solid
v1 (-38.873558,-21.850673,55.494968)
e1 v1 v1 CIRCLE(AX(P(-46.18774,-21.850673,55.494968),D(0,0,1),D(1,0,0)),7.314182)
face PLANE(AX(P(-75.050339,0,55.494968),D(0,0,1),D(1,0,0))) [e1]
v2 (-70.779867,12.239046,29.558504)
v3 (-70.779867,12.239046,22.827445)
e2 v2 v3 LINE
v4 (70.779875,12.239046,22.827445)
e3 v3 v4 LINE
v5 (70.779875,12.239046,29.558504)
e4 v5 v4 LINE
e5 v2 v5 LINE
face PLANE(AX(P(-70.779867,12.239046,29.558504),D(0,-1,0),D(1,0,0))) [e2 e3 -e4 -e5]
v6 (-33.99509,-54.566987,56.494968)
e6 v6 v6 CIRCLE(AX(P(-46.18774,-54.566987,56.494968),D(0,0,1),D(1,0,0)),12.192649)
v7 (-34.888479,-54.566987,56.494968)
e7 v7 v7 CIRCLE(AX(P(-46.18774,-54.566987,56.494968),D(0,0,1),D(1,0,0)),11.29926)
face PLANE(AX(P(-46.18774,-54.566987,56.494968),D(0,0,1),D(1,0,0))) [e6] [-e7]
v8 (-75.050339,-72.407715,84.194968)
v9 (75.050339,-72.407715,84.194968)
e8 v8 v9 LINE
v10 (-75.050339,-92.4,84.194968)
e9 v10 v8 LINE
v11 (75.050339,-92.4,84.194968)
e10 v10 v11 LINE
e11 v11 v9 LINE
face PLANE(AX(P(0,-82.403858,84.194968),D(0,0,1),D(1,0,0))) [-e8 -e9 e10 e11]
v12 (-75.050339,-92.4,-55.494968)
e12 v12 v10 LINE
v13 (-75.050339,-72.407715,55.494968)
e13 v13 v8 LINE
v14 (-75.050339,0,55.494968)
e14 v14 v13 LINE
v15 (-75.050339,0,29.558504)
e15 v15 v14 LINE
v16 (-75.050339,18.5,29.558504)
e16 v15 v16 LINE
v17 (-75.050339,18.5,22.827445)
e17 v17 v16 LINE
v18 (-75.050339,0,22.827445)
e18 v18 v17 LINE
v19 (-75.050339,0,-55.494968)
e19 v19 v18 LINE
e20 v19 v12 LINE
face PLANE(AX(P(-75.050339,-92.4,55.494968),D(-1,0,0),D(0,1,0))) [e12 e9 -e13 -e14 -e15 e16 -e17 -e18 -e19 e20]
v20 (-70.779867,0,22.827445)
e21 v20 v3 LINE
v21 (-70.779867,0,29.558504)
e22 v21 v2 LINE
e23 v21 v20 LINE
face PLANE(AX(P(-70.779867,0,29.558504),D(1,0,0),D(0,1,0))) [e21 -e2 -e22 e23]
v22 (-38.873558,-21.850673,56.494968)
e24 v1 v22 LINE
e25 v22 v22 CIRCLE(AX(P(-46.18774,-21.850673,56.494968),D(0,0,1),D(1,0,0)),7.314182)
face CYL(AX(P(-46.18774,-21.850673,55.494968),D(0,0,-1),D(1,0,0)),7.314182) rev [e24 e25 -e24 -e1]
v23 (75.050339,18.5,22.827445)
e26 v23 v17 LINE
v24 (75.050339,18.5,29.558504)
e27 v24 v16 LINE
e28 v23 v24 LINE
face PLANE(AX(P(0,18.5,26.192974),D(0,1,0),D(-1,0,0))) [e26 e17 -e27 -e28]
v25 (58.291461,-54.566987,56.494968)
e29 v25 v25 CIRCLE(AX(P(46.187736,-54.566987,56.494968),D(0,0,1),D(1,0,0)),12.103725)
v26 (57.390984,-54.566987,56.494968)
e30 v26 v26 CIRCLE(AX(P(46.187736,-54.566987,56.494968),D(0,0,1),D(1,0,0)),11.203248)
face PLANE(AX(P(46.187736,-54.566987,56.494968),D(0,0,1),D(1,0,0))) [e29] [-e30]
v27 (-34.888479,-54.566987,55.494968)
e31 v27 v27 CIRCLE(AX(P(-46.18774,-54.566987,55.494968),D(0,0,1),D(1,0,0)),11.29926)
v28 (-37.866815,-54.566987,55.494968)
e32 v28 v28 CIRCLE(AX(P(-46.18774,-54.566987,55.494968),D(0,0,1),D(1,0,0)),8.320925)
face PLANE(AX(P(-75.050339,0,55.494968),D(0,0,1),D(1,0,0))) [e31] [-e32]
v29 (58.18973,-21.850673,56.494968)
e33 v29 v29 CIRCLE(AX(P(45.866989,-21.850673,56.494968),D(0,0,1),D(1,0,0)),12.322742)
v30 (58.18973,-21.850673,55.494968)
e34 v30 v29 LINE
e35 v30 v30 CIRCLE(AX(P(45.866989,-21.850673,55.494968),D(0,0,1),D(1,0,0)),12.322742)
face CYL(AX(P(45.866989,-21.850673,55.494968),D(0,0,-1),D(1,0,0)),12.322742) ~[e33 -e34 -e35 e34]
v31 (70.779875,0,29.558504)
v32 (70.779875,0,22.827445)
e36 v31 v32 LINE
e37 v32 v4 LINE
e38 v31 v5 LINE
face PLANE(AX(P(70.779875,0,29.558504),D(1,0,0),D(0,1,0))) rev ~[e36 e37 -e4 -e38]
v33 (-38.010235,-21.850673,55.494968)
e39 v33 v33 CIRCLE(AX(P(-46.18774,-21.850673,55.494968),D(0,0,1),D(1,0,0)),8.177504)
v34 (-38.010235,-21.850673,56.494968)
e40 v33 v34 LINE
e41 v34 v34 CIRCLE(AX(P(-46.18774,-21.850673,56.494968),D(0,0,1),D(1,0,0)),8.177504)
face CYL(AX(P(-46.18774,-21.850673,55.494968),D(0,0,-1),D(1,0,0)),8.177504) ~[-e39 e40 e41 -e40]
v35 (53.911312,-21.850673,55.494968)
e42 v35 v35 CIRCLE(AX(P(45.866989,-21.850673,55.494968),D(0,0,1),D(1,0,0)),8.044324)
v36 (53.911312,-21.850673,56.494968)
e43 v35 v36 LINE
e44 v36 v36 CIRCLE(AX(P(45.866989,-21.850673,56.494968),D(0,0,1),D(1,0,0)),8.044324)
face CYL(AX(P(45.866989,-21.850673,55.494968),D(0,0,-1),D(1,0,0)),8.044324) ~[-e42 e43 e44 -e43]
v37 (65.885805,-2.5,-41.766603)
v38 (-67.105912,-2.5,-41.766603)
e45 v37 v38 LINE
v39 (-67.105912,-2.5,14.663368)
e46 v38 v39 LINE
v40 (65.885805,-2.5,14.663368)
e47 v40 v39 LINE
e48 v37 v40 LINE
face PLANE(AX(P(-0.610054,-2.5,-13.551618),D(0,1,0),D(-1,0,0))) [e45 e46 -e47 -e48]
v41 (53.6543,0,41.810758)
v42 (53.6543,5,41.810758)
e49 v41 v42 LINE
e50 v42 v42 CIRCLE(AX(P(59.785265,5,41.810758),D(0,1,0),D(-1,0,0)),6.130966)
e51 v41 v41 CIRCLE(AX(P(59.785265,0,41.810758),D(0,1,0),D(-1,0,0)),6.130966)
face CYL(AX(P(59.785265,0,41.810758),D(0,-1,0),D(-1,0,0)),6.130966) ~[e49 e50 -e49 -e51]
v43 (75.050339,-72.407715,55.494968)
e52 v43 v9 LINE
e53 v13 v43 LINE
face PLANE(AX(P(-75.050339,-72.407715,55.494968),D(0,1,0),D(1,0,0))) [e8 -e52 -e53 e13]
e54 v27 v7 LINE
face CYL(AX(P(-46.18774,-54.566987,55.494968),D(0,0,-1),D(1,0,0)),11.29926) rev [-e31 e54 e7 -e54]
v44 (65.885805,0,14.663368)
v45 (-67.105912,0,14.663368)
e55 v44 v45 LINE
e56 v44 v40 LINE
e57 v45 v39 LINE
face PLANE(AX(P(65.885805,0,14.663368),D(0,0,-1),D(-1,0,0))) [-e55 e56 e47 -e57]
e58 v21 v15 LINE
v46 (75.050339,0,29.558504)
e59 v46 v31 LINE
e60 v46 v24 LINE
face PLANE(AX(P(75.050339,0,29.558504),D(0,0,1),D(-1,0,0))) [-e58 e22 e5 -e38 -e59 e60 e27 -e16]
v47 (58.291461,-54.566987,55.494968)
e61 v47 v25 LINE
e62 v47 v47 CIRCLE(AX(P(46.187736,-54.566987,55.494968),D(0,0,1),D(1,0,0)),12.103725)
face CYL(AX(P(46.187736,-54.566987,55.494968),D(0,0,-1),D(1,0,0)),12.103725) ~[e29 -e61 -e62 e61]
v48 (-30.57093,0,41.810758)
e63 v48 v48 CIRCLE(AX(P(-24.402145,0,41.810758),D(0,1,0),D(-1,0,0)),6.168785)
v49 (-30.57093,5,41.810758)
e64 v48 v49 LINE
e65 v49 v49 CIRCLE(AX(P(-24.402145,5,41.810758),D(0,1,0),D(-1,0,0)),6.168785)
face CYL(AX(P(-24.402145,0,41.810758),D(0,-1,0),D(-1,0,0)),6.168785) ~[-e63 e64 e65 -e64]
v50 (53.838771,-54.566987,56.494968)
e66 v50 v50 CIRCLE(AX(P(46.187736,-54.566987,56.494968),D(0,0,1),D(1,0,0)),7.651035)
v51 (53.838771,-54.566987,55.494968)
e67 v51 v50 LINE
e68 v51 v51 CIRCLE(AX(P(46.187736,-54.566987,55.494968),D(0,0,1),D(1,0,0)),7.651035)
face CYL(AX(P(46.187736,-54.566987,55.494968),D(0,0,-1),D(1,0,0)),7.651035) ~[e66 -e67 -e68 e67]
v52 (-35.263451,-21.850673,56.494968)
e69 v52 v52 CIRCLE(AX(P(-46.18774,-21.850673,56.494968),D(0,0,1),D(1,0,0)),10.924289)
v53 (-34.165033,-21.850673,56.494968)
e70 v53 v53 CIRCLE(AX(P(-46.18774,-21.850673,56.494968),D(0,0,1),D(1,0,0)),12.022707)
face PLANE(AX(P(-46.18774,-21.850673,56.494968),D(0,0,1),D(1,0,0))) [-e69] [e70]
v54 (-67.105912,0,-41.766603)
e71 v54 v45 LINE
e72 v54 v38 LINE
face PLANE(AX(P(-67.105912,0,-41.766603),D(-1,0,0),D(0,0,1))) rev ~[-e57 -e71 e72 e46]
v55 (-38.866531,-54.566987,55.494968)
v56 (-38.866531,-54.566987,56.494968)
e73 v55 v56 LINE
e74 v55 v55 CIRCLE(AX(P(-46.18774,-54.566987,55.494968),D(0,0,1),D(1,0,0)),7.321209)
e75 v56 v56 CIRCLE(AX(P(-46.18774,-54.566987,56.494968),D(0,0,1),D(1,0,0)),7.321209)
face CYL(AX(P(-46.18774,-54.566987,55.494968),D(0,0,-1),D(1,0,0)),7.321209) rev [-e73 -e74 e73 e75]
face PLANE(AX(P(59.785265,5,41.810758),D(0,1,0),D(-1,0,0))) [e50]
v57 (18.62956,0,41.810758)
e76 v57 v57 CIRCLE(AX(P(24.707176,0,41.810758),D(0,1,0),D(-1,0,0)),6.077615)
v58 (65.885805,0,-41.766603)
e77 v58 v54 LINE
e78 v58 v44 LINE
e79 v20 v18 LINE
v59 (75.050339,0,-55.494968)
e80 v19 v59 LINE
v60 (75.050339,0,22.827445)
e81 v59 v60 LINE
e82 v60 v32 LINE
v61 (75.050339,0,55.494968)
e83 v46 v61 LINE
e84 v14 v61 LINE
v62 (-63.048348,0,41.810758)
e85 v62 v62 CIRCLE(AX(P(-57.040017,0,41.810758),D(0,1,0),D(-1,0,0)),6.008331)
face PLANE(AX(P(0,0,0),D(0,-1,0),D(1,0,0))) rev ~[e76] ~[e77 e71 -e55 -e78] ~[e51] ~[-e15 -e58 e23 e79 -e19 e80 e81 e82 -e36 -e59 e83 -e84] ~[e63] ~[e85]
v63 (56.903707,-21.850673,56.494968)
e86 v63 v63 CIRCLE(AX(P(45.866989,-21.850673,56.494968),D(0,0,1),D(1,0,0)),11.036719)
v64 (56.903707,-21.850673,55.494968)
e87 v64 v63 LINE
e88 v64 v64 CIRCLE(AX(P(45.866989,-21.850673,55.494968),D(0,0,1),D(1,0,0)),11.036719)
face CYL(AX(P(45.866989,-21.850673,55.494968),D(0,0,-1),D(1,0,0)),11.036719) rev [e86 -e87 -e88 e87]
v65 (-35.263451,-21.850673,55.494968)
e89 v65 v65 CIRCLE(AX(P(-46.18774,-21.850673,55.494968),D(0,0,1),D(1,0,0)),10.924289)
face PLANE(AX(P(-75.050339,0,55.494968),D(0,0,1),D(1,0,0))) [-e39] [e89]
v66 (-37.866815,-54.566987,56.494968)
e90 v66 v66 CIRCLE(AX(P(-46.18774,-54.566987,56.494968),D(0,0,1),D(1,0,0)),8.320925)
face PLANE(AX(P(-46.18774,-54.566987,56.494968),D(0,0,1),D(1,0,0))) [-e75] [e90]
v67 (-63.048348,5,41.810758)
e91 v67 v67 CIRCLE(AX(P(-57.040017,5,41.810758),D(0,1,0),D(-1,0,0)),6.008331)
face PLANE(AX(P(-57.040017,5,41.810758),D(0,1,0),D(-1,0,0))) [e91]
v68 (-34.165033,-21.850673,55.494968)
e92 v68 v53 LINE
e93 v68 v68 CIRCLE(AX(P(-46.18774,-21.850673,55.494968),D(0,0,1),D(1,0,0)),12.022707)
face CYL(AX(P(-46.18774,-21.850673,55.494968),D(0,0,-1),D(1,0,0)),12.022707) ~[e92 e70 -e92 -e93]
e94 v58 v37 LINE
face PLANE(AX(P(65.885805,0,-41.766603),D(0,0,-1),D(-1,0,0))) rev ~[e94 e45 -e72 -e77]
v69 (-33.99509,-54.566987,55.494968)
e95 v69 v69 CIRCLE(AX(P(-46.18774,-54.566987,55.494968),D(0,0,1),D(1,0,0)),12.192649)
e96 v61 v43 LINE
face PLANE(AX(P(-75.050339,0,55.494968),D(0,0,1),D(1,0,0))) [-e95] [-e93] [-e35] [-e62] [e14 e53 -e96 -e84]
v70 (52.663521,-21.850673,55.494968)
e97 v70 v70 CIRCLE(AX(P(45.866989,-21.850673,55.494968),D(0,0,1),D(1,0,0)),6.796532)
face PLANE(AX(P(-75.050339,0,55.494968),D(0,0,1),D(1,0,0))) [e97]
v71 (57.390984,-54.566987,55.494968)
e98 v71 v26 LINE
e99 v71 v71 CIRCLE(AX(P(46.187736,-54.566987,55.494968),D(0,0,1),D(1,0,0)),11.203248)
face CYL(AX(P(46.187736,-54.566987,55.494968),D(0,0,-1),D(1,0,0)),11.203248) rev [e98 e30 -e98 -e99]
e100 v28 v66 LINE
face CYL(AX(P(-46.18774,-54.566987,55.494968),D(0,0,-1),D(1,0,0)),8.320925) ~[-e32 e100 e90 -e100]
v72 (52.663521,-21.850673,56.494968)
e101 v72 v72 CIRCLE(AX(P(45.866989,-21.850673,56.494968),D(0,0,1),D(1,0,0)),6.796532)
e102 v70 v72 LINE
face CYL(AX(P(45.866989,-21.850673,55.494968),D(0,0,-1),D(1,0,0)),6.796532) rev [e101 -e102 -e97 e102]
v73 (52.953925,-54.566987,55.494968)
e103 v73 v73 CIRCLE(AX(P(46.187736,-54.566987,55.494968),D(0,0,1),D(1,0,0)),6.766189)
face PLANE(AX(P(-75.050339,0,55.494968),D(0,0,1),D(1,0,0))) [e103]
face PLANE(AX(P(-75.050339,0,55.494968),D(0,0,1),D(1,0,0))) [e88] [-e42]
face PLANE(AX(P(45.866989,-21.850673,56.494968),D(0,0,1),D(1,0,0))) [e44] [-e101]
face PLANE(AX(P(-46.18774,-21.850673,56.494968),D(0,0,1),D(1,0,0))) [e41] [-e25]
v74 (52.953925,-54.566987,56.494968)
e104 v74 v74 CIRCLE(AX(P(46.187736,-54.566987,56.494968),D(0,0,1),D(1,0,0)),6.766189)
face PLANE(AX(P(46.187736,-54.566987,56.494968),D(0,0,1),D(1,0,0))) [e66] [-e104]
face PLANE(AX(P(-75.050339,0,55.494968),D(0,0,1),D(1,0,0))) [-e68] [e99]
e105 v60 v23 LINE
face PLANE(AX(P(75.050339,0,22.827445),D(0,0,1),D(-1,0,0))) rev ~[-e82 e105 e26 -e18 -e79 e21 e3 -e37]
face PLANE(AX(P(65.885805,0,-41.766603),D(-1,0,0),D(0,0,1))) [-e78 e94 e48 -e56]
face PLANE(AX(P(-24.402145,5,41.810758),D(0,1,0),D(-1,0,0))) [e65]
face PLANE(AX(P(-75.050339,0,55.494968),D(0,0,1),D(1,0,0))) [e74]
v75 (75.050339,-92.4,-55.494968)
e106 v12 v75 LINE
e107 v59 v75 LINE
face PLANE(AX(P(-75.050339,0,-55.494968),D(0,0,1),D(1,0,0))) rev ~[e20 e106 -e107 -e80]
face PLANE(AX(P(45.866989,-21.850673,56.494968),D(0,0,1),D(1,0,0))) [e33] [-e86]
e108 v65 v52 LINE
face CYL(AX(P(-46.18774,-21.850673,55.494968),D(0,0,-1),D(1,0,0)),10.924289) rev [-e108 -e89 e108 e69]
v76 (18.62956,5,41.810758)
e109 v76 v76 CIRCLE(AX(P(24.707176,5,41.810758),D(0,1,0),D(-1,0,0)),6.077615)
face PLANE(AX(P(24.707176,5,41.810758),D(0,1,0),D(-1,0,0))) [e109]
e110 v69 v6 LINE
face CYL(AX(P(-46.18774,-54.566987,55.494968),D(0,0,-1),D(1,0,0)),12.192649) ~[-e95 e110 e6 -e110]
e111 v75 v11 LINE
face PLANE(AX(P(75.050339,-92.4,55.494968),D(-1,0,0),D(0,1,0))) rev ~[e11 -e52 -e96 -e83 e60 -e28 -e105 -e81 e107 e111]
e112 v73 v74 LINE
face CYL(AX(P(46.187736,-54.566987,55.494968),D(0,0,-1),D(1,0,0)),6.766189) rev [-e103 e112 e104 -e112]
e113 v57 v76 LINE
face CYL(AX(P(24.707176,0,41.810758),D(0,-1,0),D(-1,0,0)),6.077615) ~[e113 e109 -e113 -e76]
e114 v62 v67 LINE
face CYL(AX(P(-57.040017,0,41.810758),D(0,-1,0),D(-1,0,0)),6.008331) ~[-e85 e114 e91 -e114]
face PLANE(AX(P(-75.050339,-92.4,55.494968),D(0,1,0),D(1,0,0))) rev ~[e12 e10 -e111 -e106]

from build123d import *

# Parameters (mm, degrees)
F0_W      = 150.1006782055
F0_H      = 110.9899356961
F1_DEPTH  = 92.4
F2_W      = 150.1006782055
F2_H      = 19.9922849774
F3_DEPTH  = 28.7
F4_W      = 150.1006782055
F4_H      = 6.7310594022
F5_DEPTH  = 18.5
F6_W      = 141.5597423911
F6_H      = 12.2390463948
F7_DEPTH  = 9.7
F8_W      = 132.9917162657
F8_H      = 56.4299700782
F9_DEPTH  = 2.5
F10_R     = 6.077615329
F10_R_2   = 6.1309658988
F10_R_3   = 6.1687846494
F10_R_4   = 6.0083305598
F11_DEPTH = 5
F12_R     = 12.3227416523
F12_R_2   = 11.0367187647
F12_R_3   = 12.1926494199
F12_R_4   = 11.2992603937
F12_R_5   = 12.1037249709
F12_R_6   = 11.2032484042
F12_R_7   = 12.0227070788
F12_R_8   = 10.9242891597
F12_R_9   = 8.3209245573
F12_R_10  = 7.3212092862
F12_R_11  = 8.1775044527
F12_R_12  = 7.3141816182
F12_R_13  = 8.0443237324
F12_R_14  = 6.796531977
F12_R_15  = 7.6510346435
F12_R_16  = 6.7661892343
F13_DEPTH = 1


with BuildPart() as f1:
    # F0 (on Front) → F1 (new body)
    with BuildSketch(Plane.XZ):
        Rectangle(F0_W, F0_H)
    extrude(amount=F1_DEPTH)

    # F2 (on face) → F3 (join)
    with BuildSketch(Plane.XY.offset(55.4949678481)):
        with Locations((0, -82.4038575113)):
            Rectangle(F2_W, F2_H)
    extrude(amount=F3_DEPTH)

    # F4 (on face) → F5 (join)
    with BuildSketch(Plane(origin=(0, 0, 0), x_dir=(-1, 0, 0), z_dir=(0, 1, 0))):
        with Locations((0, 26.1929742992)):
            Rectangle(F4_W, F4_H)
    extrude(amount=F5_DEPTH)

    # F6 (on face) → F7 (cut)
    with BuildSketch(Plane.XY.offset(29.5585040003)):
        with Locations((3.7253e-06, 6.1195231974)):
            Rectangle(F6_W, F6_H)
    extrude(amount=-F7_DEPTH, mode=Mode.SUBTRACT)

    # F8 (on face) → F9 (cut)
    with BuildSketch(Plane(origin=(0, 0, 0), x_dir=(-1, 0, 0), z_dir=(0, 1, 0))):
        with Locations((0.6100535393, -13.5516175069)):
            Rectangle(F8_W, F8_H)
    extrude(amount=-F9_DEPTH, mode=Mode.SUBTRACT)

    # F10 (on face) → F11 (join)
    with BuildSketch(Plane(origin=(0, 0, 0), x_dir=(-1, 0, 0), z_dir=(0, 1, 0))):
        with Locations((-24.7071757913, 41.8107584119)):
            Circle(F10_R)
        with Locations((-59.7852654755, 41.8107584119)):
            Circle(F10_R_2)
        with Locations((24.4021452963, 41.8107584119)):
            Circle(F10_R_3)
        with Locations((57.0400170982, 41.8107584119)):
            Circle(F10_R_4)
    extrude(amount=F11_DEPTH)

    # F12 (on face) → F13 (join)
    with BuildSketch(Plane.XY.offset(55.4949678481)):
        with Locations((45.8669885993, -21.8506734818)):
            Circle(F12_R)
        with Locations((45.8669885993, -21.8506734818)):
            Circle(F12_R_2, mode=Mode.SUBTRACT)
        with Locations((-46.1877398193, -54.5669868588)):
            Circle(F12_R_3)
        with Locations((-46.1877398193, -54.5669868588)):
            Circle(F12_R_4, mode=Mode.SUBTRACT)
        with Locations((46.187736094, -54.5669868588)):
            Circle(F12_R_5)
        with Locations((46.187736094, -54.5669868588)):
            Circle(F12_R_6, mode=Mode.SUBTRACT)
        with Locations((-46.1877398193, -21.8506734818)):
            Circle(F12_R_7)
        with Locations((-46.1877398193, -21.8506734818)):
            Circle(F12_R_8, mode=Mode.SUBTRACT)
        with Locations((-46.1877398193, -54.5669868588)):
            Circle(F12_R_9)
        with Locations((-46.1877398193, -54.5669868588)):
            Circle(F12_R_10, mode=Mode.SUBTRACT)
        with Locations((-46.1877398193, -21.8506734818)):
            Circle(F12_R_11)
        with Locations((-46.1877398193, -21.8506734818)):
            Circle(F12_R_12, mode=Mode.SUBTRACT)
        with Locations((45.8669885993, -21.8506734818)):
            Circle(F12_R_13)
        with Locations((45.8669885993, -21.8506734818)):
            Circle(F12_R_14, mode=Mode.SUBTRACT)
        with Locations((46.187736094, -54.5669868588)):
            Circle(F12_R_15)
        with Locations((46.187736094, -54.5669868588)):
            Circle(F12_R_16, mode=Mode.SUBTRACT)
    extrude(amount=F13_DEPTH)


solid = f1.part
